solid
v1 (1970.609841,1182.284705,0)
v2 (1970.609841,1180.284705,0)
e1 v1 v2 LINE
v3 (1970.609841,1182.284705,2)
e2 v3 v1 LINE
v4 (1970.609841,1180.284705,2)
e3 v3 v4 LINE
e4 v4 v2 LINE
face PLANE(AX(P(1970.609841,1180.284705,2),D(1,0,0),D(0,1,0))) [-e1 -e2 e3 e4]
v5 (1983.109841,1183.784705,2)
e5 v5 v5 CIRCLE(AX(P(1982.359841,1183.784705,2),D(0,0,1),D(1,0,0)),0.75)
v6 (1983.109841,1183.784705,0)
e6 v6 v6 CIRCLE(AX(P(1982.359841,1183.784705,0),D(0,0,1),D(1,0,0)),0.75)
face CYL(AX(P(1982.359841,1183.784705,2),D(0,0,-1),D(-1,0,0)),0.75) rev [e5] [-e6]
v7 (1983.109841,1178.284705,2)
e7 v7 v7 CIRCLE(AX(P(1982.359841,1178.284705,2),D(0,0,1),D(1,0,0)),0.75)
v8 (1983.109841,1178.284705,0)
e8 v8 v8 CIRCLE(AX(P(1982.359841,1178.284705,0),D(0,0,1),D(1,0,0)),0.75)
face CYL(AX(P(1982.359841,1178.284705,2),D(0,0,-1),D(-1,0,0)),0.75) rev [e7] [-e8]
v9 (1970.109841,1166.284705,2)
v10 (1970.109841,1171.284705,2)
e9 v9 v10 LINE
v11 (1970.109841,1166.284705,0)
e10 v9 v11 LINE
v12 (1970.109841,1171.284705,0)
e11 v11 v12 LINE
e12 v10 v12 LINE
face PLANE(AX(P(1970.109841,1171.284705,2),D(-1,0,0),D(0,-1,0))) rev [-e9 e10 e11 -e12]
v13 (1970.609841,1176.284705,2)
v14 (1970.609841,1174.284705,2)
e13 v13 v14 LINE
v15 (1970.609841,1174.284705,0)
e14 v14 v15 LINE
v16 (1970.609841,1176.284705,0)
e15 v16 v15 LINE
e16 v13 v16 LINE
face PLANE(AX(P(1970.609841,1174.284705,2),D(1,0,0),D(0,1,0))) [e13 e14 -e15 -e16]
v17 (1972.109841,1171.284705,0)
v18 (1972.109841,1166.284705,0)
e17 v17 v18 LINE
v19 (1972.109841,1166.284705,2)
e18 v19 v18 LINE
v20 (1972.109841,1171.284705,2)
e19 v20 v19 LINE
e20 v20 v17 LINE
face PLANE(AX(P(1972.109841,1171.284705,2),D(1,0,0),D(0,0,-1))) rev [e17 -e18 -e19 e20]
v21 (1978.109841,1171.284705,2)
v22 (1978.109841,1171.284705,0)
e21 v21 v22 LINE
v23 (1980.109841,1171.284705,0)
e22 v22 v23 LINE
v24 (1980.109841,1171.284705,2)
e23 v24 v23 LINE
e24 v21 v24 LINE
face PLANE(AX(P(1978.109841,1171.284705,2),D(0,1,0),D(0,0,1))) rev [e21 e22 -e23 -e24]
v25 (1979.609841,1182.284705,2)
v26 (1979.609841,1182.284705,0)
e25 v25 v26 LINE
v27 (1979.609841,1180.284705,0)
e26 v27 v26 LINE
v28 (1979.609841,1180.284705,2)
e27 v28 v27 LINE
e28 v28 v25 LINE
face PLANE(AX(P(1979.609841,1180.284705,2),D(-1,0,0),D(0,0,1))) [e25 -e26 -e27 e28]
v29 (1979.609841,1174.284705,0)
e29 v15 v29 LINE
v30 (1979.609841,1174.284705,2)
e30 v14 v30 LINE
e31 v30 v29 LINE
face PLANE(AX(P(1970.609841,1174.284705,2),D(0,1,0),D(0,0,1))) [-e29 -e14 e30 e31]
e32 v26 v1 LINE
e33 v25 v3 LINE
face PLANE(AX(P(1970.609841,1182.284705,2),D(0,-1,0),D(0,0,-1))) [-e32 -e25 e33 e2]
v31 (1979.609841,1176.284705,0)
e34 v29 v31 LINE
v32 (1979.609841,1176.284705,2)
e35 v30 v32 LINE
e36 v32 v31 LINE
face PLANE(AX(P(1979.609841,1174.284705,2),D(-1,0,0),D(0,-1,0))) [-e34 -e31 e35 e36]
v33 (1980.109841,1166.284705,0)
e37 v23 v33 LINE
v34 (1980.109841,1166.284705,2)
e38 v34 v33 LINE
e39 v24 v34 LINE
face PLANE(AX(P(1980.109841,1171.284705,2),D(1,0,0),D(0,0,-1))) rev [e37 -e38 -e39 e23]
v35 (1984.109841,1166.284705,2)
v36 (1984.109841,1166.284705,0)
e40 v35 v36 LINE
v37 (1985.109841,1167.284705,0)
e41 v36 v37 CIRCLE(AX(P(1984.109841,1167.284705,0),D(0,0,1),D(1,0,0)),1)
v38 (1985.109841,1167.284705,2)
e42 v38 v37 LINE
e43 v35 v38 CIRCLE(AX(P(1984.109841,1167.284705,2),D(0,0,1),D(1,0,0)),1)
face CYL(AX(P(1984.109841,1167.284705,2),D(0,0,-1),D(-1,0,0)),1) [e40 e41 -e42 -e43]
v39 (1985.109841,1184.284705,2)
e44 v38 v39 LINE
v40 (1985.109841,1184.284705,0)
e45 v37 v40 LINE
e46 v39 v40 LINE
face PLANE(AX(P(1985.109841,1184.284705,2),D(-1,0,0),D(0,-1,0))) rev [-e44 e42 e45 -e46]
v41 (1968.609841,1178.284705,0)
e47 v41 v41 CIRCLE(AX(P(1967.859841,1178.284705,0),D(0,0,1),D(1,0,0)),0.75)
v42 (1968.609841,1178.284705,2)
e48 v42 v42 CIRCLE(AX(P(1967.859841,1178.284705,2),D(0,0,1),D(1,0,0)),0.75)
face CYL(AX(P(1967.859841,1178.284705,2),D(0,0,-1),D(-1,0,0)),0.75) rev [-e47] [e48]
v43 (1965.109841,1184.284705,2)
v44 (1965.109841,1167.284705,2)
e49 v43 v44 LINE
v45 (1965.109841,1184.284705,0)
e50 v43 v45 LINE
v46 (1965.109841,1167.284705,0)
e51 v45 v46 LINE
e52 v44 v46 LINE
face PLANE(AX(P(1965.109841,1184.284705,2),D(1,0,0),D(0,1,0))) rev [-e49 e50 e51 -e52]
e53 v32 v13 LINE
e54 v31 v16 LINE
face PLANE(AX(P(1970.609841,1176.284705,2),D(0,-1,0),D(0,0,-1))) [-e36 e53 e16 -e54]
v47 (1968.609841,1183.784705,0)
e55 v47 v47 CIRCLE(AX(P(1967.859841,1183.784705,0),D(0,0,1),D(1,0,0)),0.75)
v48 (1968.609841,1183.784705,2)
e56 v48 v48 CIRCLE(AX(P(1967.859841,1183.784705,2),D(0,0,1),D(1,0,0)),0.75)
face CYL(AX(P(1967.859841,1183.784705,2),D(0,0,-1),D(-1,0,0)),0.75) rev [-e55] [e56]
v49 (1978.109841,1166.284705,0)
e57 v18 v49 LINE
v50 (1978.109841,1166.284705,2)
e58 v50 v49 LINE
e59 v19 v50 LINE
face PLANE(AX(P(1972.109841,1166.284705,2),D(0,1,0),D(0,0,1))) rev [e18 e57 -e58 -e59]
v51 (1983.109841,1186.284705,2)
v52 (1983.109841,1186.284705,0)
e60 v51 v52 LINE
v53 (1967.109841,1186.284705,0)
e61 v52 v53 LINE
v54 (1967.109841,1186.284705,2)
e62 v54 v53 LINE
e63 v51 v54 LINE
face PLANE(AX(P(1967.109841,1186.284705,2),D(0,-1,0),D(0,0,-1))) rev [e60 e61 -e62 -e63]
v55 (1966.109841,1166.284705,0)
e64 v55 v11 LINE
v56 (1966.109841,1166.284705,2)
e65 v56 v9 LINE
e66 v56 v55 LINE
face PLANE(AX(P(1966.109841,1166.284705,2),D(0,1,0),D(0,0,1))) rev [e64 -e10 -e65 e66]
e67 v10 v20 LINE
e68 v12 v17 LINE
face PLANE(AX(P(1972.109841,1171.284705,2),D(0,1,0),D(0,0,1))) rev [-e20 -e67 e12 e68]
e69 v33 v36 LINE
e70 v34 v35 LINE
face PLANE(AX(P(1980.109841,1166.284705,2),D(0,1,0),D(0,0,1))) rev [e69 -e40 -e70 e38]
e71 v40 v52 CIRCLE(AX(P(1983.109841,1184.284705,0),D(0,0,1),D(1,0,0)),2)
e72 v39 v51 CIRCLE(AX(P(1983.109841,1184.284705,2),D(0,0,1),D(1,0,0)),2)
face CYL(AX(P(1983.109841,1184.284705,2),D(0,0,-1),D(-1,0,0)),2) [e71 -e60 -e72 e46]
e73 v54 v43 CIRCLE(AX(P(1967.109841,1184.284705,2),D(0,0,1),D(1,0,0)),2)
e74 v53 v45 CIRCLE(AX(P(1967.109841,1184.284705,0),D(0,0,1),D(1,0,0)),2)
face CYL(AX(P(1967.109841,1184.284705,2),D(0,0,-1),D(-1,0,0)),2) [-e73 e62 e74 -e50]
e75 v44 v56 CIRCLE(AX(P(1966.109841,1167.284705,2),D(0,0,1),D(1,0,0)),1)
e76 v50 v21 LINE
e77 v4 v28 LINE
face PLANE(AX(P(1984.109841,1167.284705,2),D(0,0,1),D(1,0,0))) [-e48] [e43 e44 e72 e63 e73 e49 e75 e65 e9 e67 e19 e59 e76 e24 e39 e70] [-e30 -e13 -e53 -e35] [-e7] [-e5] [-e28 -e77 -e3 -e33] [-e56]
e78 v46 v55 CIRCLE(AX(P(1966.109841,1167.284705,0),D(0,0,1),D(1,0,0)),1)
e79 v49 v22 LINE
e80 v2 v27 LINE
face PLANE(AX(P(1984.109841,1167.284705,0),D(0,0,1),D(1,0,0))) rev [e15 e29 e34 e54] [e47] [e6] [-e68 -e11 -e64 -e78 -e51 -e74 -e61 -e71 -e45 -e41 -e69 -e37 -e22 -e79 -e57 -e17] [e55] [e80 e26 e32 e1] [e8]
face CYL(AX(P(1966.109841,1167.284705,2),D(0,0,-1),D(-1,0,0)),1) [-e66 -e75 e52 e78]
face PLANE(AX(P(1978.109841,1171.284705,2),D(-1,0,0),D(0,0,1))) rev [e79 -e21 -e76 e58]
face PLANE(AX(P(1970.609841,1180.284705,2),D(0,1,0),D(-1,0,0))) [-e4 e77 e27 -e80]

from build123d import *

# Parameters (mm, degrees)
MODEL_R             = 0.75
MODEL_W             = 9
MODEL_H             = 2
BOSS_EXTRUDE1_DEPTH = 2


with BuildPart() as part:
    # Model → Boss-Extrude1 (new body)
    with BuildSketch(Plane.XY):
        with BuildLine():
            Line((1972.109841287, 1171.284705077), (1972.109841287, 1166.284705077))
            Line((1972.109841287, 1166.284705077), (1978.109841287, 1166.284705077))
            Line((1978.109841287, 1166.284705077), (1978.109841287, 1171.284705077))
            Line((1978.109841287, 1171.284705077), (1980.109841287, 1171.284705077))
            Line((1980.109841287, 1171.284705077), (1980.109841287, 1166.284705077))
            Line((1980.109841287, 1166.284705077), (1984.109841287, 1166.284705077))
            ThreePointArc((1984.109841287, 1166.284705077), (1984.816948068, 1166.577598295), (1985.109841287, 1167.284705077))
            Line((1985.109841287, 1167.284705077), (1985.109841287, 1184.284705077))
            ThreePointArc((1985.109841287, 1184.284705077), (1984.524054849, 1185.698918639), (1983.109841287, 1186.284705077))
            Line((1983.109841287, 1186.284705077), (1967.109841287, 1186.284705077))
            ThreePointArc((1967.109841287, 1186.284705077), (1965.695627724, 1185.698918639), (1965.109841287, 1184.284705077))
            Line((1965.109841287, 1184.284705077), (1965.109841287, 1167.284705077))
            ThreePointArc((1965.109841287, 1167.284705077), (1965.402734505, 1166.577598295), (1966.109841287, 1166.284705077))
            Line((1966.109841287, 1166.284705077), (1970.109841287, 1166.284705077))
            Line((1970.109841287, 1166.284705077), (1970.109841287, 1171.284705077))
            Line((1970.109841287, 1171.284705077), (1972.109841287, 1171.284705077))
        make_face()
        with Locations((1982.359841287, 1183.784705077)):
            Circle(MODEL_R, mode=Mode.SUBTRACT)
        with Locations((1967.859841287, 1183.784705077)):
            Circle(MODEL_R, mode=Mode.SUBTRACT)
        with Locations((1982.359841287, 1178.284705077)):
            Circle(MODEL_R, mode=Mode.SUBTRACT)
        with Locations((1967.859841287, 1178.284705077)):
            Circle(MODEL_R, mode=Mode.SUBTRACT)
        with Locations((1975.109841287, 1181.284705077)):
            Rectangle(MODEL_W, MODEL_H, mode=Mode.SUBTRACT)
        with Locations((1975.109841287, 1175.284705077)):
            Rectangle(MODEL_W, MODEL_H, mode=Mode.SUBTRACT)
    extrude(amount=BOSS_EXTRUDE1_DEPTH)


solid = part.part
